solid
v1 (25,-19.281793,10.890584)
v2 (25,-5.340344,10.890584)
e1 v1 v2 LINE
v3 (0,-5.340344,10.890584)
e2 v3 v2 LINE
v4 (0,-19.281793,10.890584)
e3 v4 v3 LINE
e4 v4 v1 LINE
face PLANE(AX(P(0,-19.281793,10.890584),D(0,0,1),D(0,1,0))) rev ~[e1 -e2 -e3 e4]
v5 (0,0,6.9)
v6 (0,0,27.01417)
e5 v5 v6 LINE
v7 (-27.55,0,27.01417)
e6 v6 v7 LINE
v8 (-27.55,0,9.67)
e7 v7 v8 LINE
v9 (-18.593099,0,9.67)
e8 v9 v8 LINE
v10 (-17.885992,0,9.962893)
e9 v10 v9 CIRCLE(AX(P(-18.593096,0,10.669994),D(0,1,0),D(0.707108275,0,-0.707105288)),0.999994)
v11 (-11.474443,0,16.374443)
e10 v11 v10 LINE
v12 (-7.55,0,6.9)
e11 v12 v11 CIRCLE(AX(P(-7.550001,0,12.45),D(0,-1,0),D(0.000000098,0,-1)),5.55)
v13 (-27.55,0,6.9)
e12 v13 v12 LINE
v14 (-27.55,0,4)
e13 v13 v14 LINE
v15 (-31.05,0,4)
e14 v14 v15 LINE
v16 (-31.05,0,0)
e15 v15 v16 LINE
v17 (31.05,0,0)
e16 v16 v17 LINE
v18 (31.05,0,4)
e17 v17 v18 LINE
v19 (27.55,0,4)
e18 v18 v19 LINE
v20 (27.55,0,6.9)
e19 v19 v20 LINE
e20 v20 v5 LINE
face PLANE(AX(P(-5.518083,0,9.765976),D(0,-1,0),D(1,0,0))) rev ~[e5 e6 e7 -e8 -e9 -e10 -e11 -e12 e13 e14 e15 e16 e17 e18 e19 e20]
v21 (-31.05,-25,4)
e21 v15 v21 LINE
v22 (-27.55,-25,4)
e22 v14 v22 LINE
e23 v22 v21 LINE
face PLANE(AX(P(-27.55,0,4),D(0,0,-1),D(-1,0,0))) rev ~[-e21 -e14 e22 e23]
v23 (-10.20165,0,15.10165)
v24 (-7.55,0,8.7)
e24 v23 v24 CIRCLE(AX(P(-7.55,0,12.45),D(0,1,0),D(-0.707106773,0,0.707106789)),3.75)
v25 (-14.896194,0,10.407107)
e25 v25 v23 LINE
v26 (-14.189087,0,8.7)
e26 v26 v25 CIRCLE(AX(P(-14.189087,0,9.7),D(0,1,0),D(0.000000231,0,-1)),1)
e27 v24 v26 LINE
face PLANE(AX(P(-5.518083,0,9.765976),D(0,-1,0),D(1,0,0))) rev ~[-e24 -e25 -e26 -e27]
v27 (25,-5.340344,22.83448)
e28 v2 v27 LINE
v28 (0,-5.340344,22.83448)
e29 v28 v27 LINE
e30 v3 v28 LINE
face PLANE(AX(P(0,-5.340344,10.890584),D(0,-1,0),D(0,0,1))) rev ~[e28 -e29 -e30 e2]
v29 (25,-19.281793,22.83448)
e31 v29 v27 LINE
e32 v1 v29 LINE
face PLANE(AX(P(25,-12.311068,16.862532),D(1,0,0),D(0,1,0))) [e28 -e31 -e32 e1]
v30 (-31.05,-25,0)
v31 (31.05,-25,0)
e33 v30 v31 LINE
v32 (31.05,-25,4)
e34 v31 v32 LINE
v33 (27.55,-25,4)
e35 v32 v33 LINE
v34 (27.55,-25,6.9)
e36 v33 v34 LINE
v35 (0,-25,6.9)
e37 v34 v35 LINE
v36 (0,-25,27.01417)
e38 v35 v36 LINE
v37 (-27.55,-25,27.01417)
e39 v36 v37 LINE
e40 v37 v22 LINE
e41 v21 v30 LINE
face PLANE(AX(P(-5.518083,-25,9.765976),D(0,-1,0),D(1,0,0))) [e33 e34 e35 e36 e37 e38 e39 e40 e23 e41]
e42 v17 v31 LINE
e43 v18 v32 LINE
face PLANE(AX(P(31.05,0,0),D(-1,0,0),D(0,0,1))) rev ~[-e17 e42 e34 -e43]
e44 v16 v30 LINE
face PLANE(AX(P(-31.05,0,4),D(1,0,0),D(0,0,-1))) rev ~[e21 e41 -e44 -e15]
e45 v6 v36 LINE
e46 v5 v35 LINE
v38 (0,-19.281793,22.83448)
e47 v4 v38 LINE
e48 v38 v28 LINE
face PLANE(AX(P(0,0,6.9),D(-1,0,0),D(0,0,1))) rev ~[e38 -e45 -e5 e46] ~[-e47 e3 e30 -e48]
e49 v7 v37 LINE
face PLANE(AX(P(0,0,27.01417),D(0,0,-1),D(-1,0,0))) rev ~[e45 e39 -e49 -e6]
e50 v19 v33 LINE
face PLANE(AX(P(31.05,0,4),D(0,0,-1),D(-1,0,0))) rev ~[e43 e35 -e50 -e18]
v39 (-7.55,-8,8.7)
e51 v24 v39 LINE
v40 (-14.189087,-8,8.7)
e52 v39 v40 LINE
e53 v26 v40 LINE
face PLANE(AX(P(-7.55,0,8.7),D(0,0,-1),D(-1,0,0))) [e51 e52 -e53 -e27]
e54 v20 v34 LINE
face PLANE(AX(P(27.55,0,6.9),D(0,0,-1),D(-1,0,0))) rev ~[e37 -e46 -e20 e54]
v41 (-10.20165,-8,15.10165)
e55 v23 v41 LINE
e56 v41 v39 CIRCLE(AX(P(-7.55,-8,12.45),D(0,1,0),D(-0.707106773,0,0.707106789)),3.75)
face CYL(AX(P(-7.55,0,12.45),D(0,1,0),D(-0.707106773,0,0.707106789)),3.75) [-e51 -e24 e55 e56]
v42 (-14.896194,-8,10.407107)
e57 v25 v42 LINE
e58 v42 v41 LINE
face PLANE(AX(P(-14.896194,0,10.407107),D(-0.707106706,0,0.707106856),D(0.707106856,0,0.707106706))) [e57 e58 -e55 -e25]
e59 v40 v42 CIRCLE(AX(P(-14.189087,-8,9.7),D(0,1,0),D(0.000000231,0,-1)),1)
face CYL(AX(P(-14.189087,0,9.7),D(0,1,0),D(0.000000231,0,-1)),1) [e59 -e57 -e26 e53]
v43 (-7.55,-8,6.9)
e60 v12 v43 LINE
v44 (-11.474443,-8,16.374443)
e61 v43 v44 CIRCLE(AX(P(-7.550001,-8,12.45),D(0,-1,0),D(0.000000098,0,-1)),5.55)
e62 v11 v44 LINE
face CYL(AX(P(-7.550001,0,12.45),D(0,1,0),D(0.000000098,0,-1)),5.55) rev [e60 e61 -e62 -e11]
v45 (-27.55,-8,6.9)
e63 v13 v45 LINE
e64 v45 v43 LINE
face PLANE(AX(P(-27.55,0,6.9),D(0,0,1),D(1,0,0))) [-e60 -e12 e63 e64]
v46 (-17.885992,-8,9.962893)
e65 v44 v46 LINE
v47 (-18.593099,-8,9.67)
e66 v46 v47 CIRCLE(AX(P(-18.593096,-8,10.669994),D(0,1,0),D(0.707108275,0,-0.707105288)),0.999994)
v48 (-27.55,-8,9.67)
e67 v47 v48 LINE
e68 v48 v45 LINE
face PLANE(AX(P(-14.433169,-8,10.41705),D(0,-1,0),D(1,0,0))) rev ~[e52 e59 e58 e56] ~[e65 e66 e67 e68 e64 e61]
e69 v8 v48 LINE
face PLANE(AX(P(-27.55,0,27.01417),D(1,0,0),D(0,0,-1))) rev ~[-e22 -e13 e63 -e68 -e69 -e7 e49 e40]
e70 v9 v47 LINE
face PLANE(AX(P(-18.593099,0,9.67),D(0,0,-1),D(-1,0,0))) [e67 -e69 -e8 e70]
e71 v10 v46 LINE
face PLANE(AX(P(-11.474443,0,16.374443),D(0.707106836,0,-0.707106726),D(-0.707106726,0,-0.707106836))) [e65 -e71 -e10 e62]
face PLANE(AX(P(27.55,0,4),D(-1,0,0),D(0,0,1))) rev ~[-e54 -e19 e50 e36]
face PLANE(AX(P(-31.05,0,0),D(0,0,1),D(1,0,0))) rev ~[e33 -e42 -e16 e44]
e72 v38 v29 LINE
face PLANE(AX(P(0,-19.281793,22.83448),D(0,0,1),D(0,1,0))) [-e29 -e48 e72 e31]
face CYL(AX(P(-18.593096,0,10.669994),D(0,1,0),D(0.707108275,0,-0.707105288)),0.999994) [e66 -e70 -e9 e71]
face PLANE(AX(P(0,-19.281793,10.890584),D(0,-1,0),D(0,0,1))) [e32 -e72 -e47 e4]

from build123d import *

# Parameters (mm, degrees)
F1_DEPTH = 25
F2_DEPTH = 8
F3_W     = 13.941449
F3_H     = 11.943896
F4_DEPTH = 25


with BuildPart() as f1:
    # F0 (on Front) → F1 (new body)
    with BuildSketch(Plane.XZ):
        with BuildLine():
            Line((-31.05, 4), (-31.05, 0))
            Line((-31.05, 0), (31.05, 0))
            Line((31.05, 0), (31.05, 4))
            Line((31.05, 4), (27.55, 4))
            Line((27.55, 4), (27.55, 6.9))
            Line((27.55, 6.9), (0, 6.9))
            Line((0, 6.9), (0, 27.01417))
            Line((0, 27.01417), (-27.55, 27.01417))
            Line((-27.55, 27.01417), (-27.55, 9.67))
            Line((-27.55, 9.67), (-18.593099, 9.67))
            ThreePointArc((-18.593099, 9.67), (-18.210415, 9.74612), (-17.885992, 9.962893))
            Line((-17.885992, 9.962893), (-11.474443, 16.374443))
            ThreePointArc((-11.474443, 16.374443), (-2.422469, 14.573893), (-7.55, 6.9))
            Line((-7.55, 6.9), (-27.55, 6.9))
            Line((-27.55, 6.9), (-27.55, 4))
            Line((-27.55, 4), (-31.05, 4))
        make_face()
        with BuildLine():
            Line((-27.55, 9.67), (-27.55, 6.9))
            Line((-27.55, 6.9), (-7.55, 6.9))
            ThreePointArc((-7.55, 6.9), (-2.422469, 14.573893), (-11.474443, 16.374443))
            Line((-11.474443, 16.374443), (-17.885992, 9.962893))
            ThreePointArc((-17.885992, 9.962893), (-18.210415, 9.74612), (-18.593099, 9.67))
            Line((-18.593099, 9.67), (-27.55, 9.67))
        make_face()
        with BuildLine():
            Line((-7.55, 8.7), (-14.189087, 8.7))
            ThreePointArc((-14.189087, 8.7), (-15.112967, 9.317317), (-14.896194, 10.407107))
            Line((-14.896194, 10.407107), (-10.20165, 15.10165))
            ThreePointArc((-10.20165, 15.10165), (-4.085452, 13.885063), (-7.55, 8.7))
        make_face(mode=Mode.SUBTRACT)
        with BuildLine():
            ThreePointArc((-14.896194, 10.407107), (-15.112967, 9.317317), (-14.189087, 8.7))
            Line((-14.189087, 8.7), (-7.55, 8.7))
            ThreePointArc((-7.55, 8.7), (-4.085452, 13.885063), (-10.20165, 15.10165))
            Line((-10.20165, 15.10165), (-14.896194, 10.407107))
        make_face()
    extrude(amount=F1_DEPTH)

    # F0 (on Front) → F2 (cut)
    with BuildSketch(Plane.XZ):
        with BuildLine():
            Line((-27.55, 9.67), (-27.55, 6.9))
            Line((-27.55, 6.9), (-7.55, 6.9))
            ThreePointArc((-7.55, 6.9), (-2.422469, 14.573893), (-11.474443, 16.374443))
            Line((-11.474443, 16.374443), (-17.885992, 9.962893))
            ThreePointArc((-17.885992, 9.962893), (-18.210415, 9.74612), (-18.593099, 9.67))
            Line((-18.593099, 9.67), (-27.55, 9.67))
        make_face()
        with BuildLine():
            Line((-7.55, 8.7), (-14.189087, 8.7))
            ThreePointArc((-14.189087, 8.7), (-15.112967, 9.317317), (-14.896194, 10.407107))
            Line((-14.896194, 10.407107), (-10.20165, 15.10165))
            ThreePointArc((-10.20165, 15.10165), (-4.085452, 13.885063), (-7.55, 8.7))
        make_face(mode=Mode.SUBTRACT)
    extrude(amount=F2_DEPTH, mode=Mode.SUBTRACT)

    # F3 (on face) → F4 (join)
    with BuildSketch(Plane.YZ):
        with Locations((-12.311068, 16.862532)):
            Rectangle(F3_W, F3_H)
    extrude(amount=F4_DEPTH)


solid = f1.part
